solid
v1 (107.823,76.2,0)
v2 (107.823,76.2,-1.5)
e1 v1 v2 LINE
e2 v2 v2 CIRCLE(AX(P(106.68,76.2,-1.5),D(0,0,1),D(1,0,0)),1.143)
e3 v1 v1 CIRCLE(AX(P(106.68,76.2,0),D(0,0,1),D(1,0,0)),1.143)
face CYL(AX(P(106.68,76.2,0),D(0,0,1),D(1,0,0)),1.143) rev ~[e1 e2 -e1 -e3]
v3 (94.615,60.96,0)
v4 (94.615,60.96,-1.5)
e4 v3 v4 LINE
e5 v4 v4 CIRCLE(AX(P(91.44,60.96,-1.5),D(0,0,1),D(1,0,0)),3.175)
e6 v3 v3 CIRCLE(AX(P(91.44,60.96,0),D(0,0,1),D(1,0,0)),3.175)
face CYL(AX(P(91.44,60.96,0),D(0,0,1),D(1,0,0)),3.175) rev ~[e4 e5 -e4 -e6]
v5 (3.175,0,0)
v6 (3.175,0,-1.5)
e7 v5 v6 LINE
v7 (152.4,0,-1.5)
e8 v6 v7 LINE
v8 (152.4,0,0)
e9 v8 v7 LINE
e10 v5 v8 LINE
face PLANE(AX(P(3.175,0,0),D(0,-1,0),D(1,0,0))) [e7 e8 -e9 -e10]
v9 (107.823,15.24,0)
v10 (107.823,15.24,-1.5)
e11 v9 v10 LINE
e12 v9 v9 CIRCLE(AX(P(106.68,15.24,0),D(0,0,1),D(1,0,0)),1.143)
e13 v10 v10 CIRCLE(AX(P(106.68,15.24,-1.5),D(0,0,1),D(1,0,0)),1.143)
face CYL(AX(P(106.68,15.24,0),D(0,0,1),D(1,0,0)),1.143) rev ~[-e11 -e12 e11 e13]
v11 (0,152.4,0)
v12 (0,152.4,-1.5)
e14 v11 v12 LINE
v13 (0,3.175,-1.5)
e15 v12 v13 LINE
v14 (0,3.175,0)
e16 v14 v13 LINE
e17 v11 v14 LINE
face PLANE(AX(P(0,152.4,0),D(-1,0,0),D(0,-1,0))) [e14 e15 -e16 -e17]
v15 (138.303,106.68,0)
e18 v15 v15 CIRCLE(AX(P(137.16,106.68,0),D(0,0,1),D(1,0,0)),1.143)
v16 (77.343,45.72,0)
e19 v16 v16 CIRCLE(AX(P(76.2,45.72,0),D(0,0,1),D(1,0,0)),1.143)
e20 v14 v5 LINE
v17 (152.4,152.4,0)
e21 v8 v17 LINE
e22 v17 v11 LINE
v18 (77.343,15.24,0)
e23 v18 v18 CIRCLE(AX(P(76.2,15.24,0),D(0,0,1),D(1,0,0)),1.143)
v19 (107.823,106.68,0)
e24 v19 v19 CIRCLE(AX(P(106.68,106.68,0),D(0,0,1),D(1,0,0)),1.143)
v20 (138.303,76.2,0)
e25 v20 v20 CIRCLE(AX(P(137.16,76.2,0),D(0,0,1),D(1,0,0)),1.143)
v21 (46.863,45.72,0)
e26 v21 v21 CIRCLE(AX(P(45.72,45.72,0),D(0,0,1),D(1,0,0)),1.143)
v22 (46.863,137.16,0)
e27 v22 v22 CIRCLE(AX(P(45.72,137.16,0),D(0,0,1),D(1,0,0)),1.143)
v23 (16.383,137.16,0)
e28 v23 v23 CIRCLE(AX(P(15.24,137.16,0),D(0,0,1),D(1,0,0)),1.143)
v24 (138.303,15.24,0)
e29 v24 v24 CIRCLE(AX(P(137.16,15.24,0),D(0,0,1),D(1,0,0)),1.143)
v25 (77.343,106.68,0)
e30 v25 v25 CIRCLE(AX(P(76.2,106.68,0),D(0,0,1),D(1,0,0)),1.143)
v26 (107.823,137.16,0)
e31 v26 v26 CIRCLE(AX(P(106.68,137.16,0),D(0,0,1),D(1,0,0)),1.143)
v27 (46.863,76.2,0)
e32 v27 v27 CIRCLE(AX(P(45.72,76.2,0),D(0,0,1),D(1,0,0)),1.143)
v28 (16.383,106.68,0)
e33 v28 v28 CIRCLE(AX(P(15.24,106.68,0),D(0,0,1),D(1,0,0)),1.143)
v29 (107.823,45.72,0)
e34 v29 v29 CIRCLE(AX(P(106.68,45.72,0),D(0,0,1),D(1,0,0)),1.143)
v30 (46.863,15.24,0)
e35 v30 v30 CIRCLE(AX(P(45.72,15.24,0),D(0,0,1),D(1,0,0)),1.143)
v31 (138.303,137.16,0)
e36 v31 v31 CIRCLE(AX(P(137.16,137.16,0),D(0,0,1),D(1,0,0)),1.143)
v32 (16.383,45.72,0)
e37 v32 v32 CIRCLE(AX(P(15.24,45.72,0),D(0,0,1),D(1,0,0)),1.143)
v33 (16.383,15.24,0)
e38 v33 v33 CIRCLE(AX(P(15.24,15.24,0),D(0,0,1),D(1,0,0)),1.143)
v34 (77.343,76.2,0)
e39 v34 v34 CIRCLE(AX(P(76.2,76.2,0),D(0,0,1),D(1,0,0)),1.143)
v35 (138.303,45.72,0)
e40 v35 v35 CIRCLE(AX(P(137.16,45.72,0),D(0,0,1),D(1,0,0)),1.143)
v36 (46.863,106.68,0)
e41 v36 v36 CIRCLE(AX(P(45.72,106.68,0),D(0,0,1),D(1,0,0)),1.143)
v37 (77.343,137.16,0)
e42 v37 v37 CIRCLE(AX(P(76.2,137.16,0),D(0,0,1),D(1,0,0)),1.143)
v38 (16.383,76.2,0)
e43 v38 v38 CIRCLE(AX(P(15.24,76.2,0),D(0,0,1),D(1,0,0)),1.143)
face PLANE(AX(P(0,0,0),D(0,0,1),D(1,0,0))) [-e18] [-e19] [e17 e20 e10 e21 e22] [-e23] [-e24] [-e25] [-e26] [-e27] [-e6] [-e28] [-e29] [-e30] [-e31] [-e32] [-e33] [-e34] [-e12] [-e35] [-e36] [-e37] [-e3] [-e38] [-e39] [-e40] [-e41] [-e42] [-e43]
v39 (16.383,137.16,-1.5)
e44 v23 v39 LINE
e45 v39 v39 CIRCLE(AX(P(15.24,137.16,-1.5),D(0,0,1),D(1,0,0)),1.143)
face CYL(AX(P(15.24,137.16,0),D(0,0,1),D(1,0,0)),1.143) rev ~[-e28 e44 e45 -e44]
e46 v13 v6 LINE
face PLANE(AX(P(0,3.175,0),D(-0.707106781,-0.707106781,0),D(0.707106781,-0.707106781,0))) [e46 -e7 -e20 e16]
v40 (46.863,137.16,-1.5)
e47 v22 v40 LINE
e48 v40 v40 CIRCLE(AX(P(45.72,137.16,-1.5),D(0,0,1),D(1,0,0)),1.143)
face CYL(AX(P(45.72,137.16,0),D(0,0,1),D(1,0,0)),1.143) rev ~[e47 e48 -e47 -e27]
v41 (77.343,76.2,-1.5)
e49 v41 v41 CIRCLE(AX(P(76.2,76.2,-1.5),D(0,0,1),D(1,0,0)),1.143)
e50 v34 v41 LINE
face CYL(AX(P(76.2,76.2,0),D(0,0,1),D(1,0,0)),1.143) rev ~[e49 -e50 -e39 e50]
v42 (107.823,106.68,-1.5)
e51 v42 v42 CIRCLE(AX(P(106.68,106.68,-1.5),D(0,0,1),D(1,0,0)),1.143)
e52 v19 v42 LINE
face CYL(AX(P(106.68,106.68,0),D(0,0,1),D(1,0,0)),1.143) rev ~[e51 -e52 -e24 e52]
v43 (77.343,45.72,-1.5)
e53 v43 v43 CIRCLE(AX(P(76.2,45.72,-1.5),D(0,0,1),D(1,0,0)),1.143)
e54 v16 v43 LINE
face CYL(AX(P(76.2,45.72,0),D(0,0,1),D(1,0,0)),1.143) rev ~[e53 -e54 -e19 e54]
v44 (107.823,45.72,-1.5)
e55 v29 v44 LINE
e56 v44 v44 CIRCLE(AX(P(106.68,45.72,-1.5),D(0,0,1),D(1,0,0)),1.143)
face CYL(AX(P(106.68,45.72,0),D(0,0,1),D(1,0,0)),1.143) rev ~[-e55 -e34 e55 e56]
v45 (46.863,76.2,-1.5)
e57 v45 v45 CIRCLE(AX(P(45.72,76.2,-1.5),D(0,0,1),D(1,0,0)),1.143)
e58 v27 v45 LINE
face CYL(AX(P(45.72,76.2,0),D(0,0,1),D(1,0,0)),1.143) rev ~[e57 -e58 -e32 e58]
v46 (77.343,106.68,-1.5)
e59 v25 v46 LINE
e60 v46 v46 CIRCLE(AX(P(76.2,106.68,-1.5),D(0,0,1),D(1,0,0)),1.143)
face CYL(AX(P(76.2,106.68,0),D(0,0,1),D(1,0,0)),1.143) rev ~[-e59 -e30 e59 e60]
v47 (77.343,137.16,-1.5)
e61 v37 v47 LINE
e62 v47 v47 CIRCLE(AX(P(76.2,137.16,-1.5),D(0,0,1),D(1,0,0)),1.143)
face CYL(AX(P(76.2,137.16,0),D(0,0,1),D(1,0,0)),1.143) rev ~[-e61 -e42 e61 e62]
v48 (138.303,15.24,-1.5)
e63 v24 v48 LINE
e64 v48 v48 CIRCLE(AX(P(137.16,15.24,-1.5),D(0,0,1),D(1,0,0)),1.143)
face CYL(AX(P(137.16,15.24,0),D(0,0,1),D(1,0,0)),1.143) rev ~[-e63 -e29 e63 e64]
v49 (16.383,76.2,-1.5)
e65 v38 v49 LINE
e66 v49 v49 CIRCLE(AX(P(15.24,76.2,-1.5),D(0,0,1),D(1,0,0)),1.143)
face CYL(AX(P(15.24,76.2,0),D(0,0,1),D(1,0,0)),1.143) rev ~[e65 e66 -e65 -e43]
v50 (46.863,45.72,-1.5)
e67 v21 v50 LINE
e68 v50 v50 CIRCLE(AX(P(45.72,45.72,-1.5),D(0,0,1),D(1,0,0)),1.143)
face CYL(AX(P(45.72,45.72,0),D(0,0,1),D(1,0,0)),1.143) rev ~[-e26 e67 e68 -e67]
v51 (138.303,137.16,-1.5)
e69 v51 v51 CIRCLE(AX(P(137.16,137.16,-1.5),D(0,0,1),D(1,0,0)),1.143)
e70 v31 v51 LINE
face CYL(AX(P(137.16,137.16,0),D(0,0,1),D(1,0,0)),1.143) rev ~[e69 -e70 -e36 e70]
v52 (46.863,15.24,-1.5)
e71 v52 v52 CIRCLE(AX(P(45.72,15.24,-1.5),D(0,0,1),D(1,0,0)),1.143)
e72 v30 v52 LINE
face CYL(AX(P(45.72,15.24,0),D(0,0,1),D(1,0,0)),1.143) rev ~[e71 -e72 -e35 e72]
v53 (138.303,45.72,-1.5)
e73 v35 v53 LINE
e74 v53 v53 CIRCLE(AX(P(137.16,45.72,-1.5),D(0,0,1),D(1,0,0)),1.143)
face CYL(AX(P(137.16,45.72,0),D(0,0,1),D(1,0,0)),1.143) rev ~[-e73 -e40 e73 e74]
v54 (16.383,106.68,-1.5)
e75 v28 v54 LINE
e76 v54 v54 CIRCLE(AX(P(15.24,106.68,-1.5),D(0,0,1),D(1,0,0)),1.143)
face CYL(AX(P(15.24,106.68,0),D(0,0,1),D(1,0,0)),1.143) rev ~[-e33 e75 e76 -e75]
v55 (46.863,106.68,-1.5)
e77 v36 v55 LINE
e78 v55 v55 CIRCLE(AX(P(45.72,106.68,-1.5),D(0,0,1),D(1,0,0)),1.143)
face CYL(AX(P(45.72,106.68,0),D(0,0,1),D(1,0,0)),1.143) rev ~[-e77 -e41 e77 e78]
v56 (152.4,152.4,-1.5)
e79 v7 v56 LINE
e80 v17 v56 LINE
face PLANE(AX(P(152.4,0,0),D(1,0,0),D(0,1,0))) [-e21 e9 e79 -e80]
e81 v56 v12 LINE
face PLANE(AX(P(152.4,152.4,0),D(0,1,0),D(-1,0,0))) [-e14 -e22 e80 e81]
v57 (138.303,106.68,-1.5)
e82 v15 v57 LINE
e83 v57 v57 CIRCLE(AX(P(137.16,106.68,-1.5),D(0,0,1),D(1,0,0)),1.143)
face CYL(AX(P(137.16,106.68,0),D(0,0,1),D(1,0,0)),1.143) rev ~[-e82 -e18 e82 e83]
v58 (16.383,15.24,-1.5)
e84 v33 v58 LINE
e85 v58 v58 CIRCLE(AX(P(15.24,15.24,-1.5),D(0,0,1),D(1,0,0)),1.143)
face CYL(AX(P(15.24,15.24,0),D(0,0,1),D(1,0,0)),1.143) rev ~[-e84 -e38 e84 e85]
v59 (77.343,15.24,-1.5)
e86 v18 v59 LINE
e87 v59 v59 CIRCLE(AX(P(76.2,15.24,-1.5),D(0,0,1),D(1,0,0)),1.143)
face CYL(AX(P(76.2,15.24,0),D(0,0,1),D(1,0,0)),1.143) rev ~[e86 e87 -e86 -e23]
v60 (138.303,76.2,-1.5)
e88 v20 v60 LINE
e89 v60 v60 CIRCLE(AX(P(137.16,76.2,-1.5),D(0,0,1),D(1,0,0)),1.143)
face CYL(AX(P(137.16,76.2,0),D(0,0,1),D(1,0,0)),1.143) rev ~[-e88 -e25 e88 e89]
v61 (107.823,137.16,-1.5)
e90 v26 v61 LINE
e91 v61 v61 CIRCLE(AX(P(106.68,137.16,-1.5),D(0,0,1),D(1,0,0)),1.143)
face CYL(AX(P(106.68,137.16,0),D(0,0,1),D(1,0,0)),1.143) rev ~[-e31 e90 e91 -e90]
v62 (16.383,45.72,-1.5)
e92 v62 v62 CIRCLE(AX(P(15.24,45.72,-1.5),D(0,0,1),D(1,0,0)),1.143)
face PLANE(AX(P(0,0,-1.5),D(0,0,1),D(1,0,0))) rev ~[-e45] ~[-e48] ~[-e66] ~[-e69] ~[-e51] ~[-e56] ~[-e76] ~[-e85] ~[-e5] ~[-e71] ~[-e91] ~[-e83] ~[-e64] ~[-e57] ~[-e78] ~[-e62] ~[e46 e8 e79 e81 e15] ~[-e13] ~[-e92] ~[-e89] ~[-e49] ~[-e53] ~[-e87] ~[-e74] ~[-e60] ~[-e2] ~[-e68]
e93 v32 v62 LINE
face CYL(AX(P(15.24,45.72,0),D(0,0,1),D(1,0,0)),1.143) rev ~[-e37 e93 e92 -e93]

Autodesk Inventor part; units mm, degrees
ref_plane "YZ Plane" through (0, 0, 0) normal (1, 0, 0) x (0, 1, 0)
ref_plane "XZ Plane" through (0, 0, 0) normal (0, 1, 0) x (-1, 0, 0)
ref_plane "XY Plane" through (0, 0, 0) normal (0, 0, 1) x (1, 0, 0)
sketch "Sketch1" plane through (0, 0, 0) normal (0, 0, 1) x (1, 0, 0)
  line L0 (0, 0) -> (152.4, 0)
  line L1 (152.4, 0) -> (152.4, 152.4)
  line L2 (152.4, 152.4) -> (0, 152.4)
  line L3 (0, 152.4) -> (0, 0)
  line L4 (0, 3.175) -> (3.175, 0)
  circle A0 centre (15.24, 15.24) radius 1.143
  circle A1 centre (45.72, 15.24) radius 1.143
  circle A2 centre (76.2, 15.24) radius 1.143
  circle A3 centre (106.68, 15.24) radius 1.143
  circle A4 centre (137.16, 15.24) radius 1.143
  circle A5 centre (15.24, 45.72) radius 1.143
  circle A6 centre (45.72, 45.72) radius 1.143
  circle A7 centre (76.2, 45.72) radius 1.143
  circle A8 centre (106.68, 45.72) radius 1.143
  circle A9 centre (137.16, 45.72) radius 1.143
  circle A10 centre (15.24, 76.2) radius 1.143
  circle A11 centre (45.72, 76.2) radius 1.143
  circle A12 centre (76.2, 76.2) radius 1.143
  circle A13 centre (106.68, 76.2) radius 1.143
  circle A14 centre (137.16, 76.2) radius 1.143
  circle A15 centre (15.24, 106.68) radius 1.143
  circle A16 centre (45.72, 106.68) radius 1.143
  circle A17 centre (76.2, 106.68) radius 1.143
  circle A18 centre (106.68, 106.68) radius 1.143
  circle A19 centre (137.16, 106.68) radius 1.143
  circle A20 centre (15.24, 137.16) radius 1.143
  circle A21 centre (45.72, 137.16) radius 1.143
  circle A22 centre (76.2, 137.16) radius 1.143
  circle A23 centre (106.68, 137.16) radius 1.143
  circle A24 centre (137.16, 137.16) radius 1.143
  circle A25 centre (91.44, 60.96) radius 3.175
  dimension "d0" = 152.4
  dimension "d1" = 152.4
  dimension "d2" = 3.175
  dimension "d3" = 3.175
  dimension "d4" = 2.286
  dimension "d5" = 15.24
  dimension "d6" = 15.24
  dimension "d9" = 30.48
  dimension "d12" = 30.48
  dimension "d15" = 91.44
  dimension "d16" = 60.96
  dimension "d17" = 6.35
extrude "Extrusion1" add sketch "Sketch1" against normal blind 1.5 contours L4 L3 L2 L1 L0
equation "\"d3\" = d2"
properties part number "PCB RGB"
